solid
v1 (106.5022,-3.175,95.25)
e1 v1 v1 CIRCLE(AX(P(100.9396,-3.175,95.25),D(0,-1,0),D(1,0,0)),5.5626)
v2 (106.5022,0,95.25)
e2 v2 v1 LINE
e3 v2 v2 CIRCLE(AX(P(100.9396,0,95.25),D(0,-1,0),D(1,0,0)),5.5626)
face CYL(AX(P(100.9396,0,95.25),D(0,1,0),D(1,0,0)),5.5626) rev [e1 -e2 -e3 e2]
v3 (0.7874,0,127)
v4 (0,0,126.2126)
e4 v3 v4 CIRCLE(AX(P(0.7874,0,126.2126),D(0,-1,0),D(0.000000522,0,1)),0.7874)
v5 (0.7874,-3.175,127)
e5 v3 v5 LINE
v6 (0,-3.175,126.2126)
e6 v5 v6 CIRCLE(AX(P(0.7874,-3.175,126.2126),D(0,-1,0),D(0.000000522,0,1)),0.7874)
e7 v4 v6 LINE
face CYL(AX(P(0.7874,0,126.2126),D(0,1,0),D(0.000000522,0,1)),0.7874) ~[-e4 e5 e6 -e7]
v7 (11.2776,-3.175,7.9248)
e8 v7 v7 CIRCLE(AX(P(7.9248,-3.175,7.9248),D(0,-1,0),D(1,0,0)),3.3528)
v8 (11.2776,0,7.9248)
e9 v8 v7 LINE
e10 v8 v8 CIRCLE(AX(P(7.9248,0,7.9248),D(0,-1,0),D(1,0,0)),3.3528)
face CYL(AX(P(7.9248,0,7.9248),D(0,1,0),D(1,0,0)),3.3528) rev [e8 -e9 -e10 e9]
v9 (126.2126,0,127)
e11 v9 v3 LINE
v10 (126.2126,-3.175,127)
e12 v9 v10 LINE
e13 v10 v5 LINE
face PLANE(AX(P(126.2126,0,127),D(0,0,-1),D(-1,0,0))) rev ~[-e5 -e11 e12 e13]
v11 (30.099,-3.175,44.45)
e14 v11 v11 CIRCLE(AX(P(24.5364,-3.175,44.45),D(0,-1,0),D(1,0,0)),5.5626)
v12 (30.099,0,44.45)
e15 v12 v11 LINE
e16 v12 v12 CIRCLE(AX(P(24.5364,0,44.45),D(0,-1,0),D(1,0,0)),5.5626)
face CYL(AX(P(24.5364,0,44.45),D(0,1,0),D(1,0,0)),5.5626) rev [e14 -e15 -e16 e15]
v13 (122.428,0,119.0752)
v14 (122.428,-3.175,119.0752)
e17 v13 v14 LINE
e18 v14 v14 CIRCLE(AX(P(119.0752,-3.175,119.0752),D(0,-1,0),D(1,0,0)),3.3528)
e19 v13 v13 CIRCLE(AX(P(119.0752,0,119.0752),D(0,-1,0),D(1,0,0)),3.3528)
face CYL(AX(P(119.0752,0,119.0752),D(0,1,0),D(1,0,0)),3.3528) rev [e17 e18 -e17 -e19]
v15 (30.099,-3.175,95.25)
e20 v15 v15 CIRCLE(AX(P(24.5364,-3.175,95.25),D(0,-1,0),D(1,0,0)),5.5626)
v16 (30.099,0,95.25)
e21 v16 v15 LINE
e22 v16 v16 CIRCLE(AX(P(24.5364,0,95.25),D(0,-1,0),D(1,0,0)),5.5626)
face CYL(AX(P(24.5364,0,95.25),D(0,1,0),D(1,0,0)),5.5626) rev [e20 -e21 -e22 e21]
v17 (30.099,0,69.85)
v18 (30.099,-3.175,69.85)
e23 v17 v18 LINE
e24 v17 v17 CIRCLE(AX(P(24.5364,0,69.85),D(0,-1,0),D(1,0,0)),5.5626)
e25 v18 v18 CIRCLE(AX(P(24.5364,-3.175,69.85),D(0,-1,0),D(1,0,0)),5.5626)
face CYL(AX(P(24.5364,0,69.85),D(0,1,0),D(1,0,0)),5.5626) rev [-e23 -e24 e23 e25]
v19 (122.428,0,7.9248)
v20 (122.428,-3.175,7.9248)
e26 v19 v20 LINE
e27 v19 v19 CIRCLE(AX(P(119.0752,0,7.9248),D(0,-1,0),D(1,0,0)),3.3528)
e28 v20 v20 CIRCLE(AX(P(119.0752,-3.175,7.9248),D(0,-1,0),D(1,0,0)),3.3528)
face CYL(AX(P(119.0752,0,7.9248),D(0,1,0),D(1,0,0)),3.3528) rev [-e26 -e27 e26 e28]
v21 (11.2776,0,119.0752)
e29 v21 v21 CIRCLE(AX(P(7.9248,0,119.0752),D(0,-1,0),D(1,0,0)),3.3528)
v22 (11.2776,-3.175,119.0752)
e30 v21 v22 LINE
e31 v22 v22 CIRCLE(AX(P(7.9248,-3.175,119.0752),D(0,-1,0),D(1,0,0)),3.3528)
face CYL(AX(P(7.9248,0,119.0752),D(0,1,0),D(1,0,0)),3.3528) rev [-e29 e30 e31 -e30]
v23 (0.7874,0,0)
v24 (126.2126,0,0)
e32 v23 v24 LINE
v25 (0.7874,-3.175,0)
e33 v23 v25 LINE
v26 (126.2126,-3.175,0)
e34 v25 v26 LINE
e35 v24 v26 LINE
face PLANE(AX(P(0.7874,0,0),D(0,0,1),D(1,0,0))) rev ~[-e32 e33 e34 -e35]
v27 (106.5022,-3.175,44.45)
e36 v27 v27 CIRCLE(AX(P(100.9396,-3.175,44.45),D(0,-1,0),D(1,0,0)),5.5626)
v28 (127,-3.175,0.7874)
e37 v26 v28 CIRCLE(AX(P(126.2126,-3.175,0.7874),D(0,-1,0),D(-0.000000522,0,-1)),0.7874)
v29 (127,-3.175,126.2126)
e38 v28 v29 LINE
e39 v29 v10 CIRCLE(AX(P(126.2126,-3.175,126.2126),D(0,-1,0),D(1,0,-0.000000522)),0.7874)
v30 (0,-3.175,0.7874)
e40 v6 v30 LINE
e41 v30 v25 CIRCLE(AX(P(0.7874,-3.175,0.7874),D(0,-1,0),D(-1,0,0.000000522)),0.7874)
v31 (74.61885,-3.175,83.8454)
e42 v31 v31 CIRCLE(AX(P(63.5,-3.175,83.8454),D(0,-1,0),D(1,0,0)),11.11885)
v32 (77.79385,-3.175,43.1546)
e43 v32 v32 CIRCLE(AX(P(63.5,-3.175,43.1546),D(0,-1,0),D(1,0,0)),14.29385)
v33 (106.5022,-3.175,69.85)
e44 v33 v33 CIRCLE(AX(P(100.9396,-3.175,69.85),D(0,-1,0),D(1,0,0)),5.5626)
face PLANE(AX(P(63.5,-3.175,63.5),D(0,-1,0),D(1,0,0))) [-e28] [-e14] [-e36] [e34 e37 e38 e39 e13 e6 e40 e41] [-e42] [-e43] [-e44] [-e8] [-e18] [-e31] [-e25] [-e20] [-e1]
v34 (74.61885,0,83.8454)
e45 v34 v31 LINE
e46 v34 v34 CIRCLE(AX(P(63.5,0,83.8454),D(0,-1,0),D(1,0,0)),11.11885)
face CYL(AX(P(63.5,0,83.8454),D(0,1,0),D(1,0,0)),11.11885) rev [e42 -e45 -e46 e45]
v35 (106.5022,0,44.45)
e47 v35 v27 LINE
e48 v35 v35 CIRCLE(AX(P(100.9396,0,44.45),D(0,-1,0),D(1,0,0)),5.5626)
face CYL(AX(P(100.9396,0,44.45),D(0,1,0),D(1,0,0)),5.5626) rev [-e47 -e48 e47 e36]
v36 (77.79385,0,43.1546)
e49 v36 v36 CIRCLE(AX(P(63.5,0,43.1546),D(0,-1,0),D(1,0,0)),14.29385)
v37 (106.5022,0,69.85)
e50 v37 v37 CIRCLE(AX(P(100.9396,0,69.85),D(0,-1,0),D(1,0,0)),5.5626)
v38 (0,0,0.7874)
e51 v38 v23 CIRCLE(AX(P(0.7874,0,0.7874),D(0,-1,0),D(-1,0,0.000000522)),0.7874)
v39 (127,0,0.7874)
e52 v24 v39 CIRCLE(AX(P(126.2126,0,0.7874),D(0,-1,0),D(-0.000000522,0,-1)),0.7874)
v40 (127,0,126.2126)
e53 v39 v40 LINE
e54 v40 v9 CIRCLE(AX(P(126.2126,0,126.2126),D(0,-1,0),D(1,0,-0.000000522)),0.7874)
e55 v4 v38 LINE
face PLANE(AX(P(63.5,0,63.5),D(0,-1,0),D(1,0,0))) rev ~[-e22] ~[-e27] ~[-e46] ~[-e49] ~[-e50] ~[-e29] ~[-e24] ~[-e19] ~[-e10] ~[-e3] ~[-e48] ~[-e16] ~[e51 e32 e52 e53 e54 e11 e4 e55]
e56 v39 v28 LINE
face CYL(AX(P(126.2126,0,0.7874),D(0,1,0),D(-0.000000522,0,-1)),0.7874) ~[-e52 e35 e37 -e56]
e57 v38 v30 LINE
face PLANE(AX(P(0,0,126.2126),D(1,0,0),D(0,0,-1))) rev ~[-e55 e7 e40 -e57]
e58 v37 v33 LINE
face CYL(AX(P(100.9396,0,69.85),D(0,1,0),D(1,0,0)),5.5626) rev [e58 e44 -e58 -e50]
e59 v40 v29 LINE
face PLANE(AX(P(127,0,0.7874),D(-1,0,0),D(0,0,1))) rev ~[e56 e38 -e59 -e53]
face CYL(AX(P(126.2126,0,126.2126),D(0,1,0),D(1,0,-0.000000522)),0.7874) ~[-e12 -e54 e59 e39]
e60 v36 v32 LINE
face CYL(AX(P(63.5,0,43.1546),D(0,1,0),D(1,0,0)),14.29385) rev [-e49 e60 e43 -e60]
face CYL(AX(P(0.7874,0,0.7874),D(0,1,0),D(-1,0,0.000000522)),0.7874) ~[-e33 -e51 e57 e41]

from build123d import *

# Parameters (mm, degrees)
F0_R     = 3.3528
F0_R_2   = 5.5626
F0_R_3   = 14.29385
F0_R_4   = 11.11885
F1_DEPTH = 3.175


with BuildPart() as f1:
    # F0 (on Front) → F1 (new body)
    with BuildSketch(Plane.XZ):
        with BuildLine():
            ThreePointArc((0, 0.7874), (0.230624, 0.230624), (0.7874, 0))
            Line((0.7874, 0), (126.2126, 0))
            ThreePointArc((126.2126, 0), (126.769376, 0.230624), (127, 0.7874))
            Line((127, 0.7874), (127, 126.2126))
            ThreePointArc((127, 126.2126), (126.769376, 126.769376), (126.2126, 127))
            Line((126.2126, 127), (0.7874, 127))
            ThreePointArc((0.7874, 127), (0.230624, 126.769376), (0, 126.2126))
            Line((0, 126.2126), (0, 0.7874))
        make_face()
        with Locations((7.9248, 7.9248)):
            Circle(F0_R, mode=Mode.SUBTRACT)
        with Locations((24.5364, 44.45)):
            Circle(F0_R_2, mode=Mode.SUBTRACT)
        with Locations((119.0752, 7.9248)):
            Circle(F0_R, mode=Mode.SUBTRACT)
        with Locations((63.5, 43.1546)):
            Circle(F0_R_3, mode=Mode.SUBTRACT)
        with Locations((100.9396, 44.45)):
            Circle(F0_R_2, mode=Mode.SUBTRACT)
        with Locations((24.5364, 69.85)):
            Circle(F0_R_2, mode=Mode.SUBTRACT)
        with Locations((24.5364, 95.25)):
            Circle(F0_R_2, mode=Mode.SUBTRACT)
        with Locations((7.9248, 119.0752)):
            Circle(F0_R, mode=Mode.SUBTRACT)
        with Locations((63.5, 83.8454)):
            Circle(F0_R_4, mode=Mode.SUBTRACT)
        with Locations((100.9396, 69.85)):
            Circle(F0_R_2, mode=Mode.SUBTRACT)
        with Locations((100.9396, 95.25)):
            Circle(F0_R_2, mode=Mode.SUBTRACT)
        with Locations((119.0752, 119.0752)):
            Circle(F0_R, mode=Mode.SUBTRACT)
    extrude(amount=F1_DEPTH)


solid = f1.part
